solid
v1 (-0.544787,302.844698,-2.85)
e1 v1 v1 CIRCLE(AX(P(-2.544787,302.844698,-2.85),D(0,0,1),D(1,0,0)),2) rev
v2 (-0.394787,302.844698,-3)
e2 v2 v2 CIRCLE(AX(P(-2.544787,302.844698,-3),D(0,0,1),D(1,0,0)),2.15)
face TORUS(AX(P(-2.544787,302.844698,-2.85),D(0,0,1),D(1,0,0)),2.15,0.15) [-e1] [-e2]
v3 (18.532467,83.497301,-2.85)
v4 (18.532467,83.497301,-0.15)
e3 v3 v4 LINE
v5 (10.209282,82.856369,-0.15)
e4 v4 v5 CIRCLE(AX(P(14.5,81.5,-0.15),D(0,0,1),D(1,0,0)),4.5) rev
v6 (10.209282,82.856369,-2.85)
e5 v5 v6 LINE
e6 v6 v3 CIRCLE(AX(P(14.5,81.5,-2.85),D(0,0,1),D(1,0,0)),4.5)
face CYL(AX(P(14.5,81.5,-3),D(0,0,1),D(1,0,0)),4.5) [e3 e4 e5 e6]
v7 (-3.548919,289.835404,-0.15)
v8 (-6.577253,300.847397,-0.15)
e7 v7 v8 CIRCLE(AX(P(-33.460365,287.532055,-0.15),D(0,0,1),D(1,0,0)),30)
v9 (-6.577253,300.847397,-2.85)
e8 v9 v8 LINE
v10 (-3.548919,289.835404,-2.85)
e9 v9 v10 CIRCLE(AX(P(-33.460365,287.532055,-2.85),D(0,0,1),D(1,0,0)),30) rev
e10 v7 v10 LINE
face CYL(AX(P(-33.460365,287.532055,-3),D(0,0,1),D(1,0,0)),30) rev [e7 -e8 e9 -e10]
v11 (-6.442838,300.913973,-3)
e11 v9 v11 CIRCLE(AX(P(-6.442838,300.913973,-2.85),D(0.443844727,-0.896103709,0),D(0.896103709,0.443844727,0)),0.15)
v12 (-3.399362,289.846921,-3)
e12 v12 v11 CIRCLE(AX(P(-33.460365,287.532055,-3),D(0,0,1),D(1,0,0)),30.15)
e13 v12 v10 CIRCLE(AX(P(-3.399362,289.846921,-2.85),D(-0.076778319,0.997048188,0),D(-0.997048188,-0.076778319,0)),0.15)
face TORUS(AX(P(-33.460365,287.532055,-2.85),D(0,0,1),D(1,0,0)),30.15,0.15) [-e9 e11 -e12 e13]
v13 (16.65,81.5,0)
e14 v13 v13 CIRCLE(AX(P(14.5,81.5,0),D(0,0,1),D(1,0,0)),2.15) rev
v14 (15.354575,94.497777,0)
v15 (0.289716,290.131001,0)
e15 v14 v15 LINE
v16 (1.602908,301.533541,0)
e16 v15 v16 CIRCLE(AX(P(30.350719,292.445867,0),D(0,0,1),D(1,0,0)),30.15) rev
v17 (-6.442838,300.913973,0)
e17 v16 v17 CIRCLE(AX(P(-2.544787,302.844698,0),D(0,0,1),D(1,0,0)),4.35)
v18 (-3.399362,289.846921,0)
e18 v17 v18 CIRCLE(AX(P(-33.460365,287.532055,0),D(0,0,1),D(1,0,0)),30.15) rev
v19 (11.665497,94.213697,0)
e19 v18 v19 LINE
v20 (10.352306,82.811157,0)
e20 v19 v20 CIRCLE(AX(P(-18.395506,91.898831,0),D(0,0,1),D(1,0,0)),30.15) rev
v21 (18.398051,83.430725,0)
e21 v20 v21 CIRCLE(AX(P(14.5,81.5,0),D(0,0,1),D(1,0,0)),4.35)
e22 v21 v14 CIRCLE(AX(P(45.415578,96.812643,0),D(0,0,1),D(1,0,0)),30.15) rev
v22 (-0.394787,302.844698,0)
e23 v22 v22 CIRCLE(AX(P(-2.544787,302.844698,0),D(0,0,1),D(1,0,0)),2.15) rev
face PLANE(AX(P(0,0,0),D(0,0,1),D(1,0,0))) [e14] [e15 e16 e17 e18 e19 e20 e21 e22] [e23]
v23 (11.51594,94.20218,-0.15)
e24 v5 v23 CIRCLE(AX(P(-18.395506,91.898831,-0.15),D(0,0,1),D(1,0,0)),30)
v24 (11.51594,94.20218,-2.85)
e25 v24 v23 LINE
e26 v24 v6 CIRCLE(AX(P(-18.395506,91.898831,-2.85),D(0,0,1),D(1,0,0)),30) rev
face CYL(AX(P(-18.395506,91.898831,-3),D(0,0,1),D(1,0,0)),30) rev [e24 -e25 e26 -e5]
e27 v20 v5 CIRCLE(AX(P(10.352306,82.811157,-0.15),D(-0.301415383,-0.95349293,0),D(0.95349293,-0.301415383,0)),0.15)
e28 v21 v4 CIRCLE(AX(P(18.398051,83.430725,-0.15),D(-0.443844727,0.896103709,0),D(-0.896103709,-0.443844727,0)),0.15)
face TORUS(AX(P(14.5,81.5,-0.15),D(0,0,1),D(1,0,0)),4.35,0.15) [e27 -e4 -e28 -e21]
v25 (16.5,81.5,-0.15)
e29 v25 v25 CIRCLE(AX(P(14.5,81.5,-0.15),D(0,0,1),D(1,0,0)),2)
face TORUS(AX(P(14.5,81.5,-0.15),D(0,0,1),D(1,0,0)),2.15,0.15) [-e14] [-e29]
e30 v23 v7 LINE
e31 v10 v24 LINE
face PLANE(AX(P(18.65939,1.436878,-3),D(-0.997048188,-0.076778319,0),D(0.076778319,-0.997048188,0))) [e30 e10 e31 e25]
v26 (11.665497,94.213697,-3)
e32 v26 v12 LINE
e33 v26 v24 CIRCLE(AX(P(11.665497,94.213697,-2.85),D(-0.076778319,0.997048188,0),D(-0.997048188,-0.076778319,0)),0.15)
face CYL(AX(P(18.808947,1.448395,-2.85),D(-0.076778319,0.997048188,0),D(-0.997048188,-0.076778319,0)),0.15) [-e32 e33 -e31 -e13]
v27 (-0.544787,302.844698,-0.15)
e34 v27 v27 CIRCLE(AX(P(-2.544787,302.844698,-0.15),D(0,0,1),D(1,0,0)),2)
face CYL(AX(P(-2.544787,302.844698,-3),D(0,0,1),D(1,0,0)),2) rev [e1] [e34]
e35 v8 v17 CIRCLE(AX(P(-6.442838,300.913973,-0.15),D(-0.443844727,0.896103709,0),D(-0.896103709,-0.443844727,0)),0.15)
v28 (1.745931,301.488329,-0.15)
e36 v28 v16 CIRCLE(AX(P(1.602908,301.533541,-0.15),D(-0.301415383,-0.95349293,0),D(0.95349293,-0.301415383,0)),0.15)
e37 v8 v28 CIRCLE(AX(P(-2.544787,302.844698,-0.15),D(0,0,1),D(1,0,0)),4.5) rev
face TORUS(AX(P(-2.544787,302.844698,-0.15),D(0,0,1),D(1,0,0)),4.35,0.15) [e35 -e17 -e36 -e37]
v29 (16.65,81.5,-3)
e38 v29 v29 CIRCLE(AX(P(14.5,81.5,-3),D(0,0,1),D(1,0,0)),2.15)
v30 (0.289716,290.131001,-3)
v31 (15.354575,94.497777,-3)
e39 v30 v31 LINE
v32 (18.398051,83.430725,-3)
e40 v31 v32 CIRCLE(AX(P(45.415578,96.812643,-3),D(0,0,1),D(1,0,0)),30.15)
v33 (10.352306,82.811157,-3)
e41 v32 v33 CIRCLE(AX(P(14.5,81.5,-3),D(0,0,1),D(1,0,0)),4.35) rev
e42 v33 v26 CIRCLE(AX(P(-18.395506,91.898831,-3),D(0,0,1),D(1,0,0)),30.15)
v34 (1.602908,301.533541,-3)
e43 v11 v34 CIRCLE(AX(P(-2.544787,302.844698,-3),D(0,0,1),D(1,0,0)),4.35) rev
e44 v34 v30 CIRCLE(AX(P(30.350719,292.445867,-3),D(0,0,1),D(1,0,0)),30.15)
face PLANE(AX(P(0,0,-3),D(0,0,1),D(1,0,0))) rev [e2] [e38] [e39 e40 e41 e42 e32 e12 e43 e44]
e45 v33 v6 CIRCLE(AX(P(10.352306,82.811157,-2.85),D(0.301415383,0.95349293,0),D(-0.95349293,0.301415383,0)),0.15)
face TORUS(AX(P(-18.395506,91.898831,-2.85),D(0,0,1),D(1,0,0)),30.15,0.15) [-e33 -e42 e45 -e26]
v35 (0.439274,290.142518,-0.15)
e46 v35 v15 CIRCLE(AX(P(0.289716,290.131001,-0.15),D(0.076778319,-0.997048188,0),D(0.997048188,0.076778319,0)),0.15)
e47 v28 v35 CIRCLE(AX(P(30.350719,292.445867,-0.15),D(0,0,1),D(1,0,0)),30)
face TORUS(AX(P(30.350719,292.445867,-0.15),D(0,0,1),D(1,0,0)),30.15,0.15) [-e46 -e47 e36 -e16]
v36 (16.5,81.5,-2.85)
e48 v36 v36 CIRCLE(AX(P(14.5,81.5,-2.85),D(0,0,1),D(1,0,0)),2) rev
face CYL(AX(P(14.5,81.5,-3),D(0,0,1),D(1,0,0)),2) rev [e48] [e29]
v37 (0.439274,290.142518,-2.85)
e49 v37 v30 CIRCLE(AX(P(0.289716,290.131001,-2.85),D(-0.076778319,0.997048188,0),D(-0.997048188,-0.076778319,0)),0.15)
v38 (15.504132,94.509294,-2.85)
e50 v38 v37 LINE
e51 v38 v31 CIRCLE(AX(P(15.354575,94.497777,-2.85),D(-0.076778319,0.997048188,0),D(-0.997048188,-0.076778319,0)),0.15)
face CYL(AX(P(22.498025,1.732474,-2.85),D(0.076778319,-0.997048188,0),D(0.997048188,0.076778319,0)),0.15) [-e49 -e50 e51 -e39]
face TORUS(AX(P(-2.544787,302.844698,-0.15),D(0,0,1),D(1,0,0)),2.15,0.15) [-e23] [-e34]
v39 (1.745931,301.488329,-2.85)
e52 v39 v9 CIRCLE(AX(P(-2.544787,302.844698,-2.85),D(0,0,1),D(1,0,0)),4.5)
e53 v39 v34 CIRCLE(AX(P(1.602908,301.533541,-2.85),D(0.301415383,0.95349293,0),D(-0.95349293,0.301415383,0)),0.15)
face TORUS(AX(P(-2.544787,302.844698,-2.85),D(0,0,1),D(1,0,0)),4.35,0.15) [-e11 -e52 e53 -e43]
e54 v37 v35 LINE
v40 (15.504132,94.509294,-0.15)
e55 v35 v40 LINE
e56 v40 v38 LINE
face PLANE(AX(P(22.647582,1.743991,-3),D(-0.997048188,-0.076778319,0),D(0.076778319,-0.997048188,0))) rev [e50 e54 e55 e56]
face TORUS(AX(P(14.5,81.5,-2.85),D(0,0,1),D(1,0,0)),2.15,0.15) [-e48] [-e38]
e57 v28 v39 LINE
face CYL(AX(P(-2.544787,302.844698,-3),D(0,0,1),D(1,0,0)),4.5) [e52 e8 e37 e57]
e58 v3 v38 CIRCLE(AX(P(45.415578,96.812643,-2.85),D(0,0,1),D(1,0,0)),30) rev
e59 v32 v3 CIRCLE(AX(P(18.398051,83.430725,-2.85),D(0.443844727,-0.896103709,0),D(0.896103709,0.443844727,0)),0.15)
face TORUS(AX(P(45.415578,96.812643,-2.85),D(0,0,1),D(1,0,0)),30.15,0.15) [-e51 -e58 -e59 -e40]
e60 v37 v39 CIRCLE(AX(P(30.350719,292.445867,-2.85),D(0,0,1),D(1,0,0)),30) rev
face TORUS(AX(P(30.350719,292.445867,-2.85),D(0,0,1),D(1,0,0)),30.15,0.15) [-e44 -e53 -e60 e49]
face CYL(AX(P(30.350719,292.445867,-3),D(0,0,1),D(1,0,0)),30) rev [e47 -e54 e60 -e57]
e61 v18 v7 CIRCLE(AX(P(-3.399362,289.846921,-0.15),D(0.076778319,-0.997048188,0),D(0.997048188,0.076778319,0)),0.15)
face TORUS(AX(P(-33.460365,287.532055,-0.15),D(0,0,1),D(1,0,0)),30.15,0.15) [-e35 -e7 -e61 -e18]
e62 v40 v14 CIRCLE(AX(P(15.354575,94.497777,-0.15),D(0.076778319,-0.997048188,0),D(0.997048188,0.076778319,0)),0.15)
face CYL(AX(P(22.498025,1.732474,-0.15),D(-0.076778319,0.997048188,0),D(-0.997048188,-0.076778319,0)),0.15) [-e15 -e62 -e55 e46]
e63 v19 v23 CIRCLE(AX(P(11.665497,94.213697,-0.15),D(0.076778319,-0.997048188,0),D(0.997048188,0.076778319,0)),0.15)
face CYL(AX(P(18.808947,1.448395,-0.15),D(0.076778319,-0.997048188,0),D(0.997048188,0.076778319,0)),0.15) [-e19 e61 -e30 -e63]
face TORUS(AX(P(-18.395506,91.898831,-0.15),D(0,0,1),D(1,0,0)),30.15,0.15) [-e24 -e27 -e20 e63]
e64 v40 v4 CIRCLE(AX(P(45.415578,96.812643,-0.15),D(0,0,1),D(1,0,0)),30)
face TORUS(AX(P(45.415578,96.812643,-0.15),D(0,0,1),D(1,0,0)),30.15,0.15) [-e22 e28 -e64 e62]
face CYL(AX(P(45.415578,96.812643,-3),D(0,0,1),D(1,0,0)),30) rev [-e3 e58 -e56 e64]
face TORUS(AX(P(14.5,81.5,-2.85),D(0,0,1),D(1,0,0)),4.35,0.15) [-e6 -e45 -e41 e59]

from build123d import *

# Parameters (mm, degrees)
BOSS_EXTRUDE1_DEPTH = 3
FILLET1_R           = 30
FILLET2_R           = 0.15


with BuildPart() as part:
    # Sketch1 → Boss-Extrude1 (new body)
    with BuildSketch(Plane.XY):
        with BuildLine():
            ThreePointArc((12.196400326, 85.365673103), (14.845502434, 77.013283153), (16.184593079, 85.672786378))
            Line((16.184593079, 85.672786378), (16.494096377, 81.653556637))
            ThreePointArc((16.494096377, 81.653556637), (14.653556637, 79.505903623), (12.505903623, 81.346443363))
            Line((12.505903623, 81.346443363), (12.196400326, 85.365673103))
        make_face()
        with BuildLine():
            Line((-0.550690361, 302.998254439), (16.494096377, 81.653556637))
            ThreePointArc((16.494096377, 81.653556637), (14.346443363, 83.494096377), (12.505903623, 81.346443363))
            Line((12.505903623, 81.346443363), (-4.538883114, 302.691141165))
            ThreePointArc((-4.538883114, 302.691141165), (-2.3912301, 300.850601425), (-0.550690361, 302.998254439))
        make_face()
        with BuildLine():
            ThreePointArc((-4.538883114, 302.691141165), (-2.698343375, 304.838794179), (-0.550690361, 302.998254439))
            Line((-0.550690361, 302.998254439), (-0.241187064, 298.979024699))
            ThreePointArc((-0.241187064, 298.979024699), (-2.890289172, 307.331414649), (-4.229379817, 298.671911424))
            Line((-4.229379817, 298.671911424), (-4.538883114, 302.691141165))
        make_face()
    extrude(amount=-BOSS_EXTRUDE1_DEPTH)

    # Fillet1
    fillet1_edges = [part.edges().sort_by_distance(p)[0] for p in [
        (16.184593079, 85.672786378, -1.5),
        (12.196400326, 85.365673103, -1.5),
        (-4.229379817, 298.671911424, -1.5),
        (-0.241187064, 298.979024699, -1.5),
    ]]
    fillet(fillet1_edges, radius=FILLET1_R)

    # Fillet2
    fillet2_edges = [part.edges().sort_by_distance(p)[0] for p in [
        (3.983510255, 192.018792264, 0),
        (3.983510255, 192.018792264, -3),
        (14.845502434, 77.013283153, 0),
        (14.845502434, 77.013283153, -3),
        (12.505903623, 81.346443363, -3),
        (7.971703008, 192.325905538, 0),
        (7.971703008, 192.325905538, -3),
        (-2.890289172, 307.331414649, 0),
        (-2.890289172, 307.331414649, -3),
        (11.407501389, 88.466521567, 0),
        (11.407501389, 88.466521567, -3),
        (16.489440699, 88.857859479, 0),
        (16.489440699, 88.857859479, -3),
        (-4.534227437, 295.486838323, 0),
        (-2.3912301, 300.850601425, -3),
        (-4.534227437, 295.486838323, -3),
        (0.547711873, 295.878176235, 0),
        (0.547711873, 295.878176235, -3),
        (-2.3912301, 300.850601425, 0),
        (12.505903623, 81.346443363, 0),
    ]]
    fillet(fillet2_edges, radius=FILLET2_R)


solid = part.part
